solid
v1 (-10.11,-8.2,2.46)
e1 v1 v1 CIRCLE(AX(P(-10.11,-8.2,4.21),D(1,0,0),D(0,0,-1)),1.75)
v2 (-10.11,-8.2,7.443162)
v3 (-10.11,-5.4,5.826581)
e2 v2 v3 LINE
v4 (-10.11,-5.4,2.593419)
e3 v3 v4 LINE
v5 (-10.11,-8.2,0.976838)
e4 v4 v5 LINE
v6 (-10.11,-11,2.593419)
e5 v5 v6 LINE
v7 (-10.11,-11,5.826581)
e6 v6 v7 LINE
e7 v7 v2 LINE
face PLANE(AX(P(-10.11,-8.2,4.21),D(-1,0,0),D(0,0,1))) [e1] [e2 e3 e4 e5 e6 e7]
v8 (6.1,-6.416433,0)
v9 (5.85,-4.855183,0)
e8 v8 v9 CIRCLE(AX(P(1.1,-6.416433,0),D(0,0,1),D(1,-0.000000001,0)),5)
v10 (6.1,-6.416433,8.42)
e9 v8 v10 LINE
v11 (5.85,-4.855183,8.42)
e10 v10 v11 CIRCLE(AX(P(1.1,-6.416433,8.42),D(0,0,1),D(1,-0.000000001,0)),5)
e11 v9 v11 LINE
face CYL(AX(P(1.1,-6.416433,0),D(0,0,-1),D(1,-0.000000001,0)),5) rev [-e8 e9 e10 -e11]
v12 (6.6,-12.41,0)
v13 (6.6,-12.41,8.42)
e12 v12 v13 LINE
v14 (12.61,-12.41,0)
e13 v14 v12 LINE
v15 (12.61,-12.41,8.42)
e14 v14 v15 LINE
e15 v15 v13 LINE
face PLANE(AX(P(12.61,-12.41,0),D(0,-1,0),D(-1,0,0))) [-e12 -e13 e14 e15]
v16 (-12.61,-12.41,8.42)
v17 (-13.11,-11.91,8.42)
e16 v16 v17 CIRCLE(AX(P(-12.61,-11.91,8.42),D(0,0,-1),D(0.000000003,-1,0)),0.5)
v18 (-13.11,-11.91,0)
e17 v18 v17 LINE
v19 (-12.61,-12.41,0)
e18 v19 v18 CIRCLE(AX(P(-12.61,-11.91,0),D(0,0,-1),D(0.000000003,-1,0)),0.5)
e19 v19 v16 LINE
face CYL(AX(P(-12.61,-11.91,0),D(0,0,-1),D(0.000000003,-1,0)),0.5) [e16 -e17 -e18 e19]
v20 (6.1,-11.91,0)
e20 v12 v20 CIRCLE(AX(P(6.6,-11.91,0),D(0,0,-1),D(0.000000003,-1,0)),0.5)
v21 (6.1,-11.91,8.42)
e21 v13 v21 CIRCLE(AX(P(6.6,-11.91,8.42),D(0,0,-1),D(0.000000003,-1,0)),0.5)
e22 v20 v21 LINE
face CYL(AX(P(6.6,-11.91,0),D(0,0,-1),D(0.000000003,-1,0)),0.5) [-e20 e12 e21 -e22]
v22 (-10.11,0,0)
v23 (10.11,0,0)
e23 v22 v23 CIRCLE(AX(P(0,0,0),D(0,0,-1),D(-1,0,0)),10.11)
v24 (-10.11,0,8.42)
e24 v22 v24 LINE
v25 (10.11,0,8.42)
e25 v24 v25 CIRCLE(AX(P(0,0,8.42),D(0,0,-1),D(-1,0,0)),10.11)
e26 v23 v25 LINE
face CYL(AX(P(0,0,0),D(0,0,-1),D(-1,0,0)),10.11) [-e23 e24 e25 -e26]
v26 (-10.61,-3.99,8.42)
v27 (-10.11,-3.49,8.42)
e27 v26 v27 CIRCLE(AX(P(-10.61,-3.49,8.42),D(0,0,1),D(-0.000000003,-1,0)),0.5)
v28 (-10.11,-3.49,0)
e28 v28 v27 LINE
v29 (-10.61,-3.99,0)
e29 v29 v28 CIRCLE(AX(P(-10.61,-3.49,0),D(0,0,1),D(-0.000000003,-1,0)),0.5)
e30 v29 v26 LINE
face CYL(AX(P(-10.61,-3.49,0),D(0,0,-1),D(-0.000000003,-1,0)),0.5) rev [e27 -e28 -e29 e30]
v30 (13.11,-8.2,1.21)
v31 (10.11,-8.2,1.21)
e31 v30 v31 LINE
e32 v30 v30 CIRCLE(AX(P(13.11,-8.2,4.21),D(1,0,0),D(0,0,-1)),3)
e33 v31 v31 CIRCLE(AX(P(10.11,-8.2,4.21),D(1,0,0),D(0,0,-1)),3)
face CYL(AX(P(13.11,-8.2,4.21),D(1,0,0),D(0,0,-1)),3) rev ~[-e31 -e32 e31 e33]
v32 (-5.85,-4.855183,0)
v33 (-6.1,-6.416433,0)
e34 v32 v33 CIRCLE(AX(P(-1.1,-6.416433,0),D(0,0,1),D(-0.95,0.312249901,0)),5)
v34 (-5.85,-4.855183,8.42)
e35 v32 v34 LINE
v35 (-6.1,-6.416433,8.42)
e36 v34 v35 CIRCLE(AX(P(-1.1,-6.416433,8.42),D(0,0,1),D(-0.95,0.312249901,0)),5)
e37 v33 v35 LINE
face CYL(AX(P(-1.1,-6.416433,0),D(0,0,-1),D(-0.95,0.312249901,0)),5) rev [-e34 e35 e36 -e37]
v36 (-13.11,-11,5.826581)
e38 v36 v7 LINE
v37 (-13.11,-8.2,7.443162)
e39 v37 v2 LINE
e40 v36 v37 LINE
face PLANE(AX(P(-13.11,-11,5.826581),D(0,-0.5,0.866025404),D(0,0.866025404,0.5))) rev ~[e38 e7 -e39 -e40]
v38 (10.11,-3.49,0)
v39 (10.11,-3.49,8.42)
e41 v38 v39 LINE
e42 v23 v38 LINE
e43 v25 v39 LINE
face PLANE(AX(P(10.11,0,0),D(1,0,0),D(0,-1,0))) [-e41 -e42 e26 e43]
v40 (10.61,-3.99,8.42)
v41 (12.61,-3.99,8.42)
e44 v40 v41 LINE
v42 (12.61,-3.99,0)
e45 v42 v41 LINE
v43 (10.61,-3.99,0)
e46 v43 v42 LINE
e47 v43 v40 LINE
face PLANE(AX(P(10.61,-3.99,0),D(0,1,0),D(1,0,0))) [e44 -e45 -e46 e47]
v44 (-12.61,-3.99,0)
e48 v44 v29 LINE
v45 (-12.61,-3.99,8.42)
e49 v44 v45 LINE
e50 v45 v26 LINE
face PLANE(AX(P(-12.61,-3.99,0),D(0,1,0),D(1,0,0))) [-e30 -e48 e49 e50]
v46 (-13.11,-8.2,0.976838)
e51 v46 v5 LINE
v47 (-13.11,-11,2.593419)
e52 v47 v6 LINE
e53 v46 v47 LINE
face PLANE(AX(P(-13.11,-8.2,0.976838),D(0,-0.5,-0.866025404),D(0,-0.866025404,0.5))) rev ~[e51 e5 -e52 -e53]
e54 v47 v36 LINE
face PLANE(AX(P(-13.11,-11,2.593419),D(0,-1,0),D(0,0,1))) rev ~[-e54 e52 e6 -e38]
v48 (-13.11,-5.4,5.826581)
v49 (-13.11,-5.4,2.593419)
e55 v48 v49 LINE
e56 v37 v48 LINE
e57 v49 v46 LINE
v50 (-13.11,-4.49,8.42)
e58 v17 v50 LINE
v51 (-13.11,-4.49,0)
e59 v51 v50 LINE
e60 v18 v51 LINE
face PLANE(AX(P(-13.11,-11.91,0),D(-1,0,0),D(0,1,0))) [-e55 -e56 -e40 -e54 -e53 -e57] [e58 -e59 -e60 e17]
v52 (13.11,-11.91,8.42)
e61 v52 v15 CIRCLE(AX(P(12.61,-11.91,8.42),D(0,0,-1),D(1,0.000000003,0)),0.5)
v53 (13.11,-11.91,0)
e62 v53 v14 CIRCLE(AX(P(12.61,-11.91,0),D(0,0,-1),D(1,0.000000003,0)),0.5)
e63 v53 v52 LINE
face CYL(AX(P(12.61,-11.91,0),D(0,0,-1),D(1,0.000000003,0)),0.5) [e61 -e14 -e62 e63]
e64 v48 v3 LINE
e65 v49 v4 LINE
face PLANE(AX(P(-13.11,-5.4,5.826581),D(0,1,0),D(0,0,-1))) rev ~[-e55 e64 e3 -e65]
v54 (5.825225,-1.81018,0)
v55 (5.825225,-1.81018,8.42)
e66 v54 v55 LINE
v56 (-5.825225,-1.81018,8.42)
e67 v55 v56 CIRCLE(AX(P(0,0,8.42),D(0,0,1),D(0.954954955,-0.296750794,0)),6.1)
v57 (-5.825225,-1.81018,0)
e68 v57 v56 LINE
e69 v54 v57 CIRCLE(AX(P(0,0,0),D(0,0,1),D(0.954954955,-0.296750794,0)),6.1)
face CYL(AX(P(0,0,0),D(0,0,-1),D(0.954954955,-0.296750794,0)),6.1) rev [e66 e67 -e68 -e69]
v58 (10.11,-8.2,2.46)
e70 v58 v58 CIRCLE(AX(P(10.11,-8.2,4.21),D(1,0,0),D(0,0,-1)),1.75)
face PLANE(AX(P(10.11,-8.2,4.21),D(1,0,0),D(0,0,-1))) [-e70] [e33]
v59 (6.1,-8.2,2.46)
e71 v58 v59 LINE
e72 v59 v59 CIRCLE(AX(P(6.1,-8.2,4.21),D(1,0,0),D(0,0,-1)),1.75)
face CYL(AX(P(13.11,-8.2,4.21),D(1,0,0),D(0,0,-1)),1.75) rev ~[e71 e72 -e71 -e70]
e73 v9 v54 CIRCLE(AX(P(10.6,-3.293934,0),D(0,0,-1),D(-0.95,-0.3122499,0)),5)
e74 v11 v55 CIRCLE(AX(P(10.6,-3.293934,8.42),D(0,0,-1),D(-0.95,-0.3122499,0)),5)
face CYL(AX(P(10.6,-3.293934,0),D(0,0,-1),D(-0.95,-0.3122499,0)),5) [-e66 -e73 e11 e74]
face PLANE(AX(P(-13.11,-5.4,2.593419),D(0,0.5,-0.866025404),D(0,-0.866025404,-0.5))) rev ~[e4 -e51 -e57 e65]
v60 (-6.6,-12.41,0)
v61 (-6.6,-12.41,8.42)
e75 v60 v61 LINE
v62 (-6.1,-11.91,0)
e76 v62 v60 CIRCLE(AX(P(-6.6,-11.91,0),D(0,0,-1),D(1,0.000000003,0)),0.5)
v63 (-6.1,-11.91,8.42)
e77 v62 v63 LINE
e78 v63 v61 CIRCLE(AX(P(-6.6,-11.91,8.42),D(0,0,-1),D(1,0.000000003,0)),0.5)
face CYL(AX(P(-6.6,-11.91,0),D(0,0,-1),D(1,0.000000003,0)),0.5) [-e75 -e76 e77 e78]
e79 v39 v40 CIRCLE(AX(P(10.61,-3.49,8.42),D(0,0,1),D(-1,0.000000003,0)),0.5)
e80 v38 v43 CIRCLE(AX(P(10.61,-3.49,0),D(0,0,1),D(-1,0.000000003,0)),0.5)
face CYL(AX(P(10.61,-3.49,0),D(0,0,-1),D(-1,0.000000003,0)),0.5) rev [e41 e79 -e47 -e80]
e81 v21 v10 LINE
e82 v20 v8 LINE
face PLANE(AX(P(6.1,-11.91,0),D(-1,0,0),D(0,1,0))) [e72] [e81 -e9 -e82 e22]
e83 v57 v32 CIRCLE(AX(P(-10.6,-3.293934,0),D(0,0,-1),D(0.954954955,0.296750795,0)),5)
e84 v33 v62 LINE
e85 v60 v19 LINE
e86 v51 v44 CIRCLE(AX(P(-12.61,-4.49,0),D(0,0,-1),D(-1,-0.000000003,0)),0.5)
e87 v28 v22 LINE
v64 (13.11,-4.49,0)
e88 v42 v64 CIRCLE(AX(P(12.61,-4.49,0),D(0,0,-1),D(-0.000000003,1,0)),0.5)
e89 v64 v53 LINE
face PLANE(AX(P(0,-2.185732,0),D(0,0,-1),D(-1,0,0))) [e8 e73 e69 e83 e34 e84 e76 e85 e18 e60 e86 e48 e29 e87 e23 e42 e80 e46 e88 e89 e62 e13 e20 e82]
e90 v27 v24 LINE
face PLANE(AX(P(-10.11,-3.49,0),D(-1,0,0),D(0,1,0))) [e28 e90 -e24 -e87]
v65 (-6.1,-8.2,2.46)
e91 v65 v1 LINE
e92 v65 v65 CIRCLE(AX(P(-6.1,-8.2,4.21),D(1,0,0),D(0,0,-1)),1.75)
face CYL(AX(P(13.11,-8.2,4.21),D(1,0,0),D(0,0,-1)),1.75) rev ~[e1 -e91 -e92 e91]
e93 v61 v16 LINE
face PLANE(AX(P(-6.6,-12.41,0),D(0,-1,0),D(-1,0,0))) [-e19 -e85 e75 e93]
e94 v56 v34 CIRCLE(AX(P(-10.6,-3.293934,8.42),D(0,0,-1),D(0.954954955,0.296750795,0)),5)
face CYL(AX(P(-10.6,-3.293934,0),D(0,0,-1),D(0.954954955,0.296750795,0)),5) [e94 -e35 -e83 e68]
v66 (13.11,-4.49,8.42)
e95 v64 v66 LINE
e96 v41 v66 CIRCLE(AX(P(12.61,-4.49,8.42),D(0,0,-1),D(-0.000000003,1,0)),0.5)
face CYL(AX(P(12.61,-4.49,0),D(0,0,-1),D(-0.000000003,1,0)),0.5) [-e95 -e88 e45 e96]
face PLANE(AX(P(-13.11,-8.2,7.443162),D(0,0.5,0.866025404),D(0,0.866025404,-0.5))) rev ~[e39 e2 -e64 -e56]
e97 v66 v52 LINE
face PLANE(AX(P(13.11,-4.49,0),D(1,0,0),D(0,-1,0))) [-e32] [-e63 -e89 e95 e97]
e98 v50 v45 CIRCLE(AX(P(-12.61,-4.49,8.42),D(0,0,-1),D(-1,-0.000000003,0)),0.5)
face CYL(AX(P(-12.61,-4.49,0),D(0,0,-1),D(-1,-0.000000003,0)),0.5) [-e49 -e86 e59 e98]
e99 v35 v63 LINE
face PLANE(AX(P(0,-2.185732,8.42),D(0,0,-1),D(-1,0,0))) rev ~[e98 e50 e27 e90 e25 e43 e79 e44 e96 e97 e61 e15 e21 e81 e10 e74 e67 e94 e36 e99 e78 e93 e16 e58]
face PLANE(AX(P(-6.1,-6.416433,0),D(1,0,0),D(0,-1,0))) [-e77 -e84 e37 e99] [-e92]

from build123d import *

# Parameters (mm, degrees)
BOSS_EXTRUDE1_DEPTH = 8.42
CUT_EXTRUDE1_REACH  = 32.206
SKETCH2_R           = 1.75
SKETCH3_R           = 3
CUT_EXTRUDE2_DEPTH  = 3
CUT_EXTRUDE3_DEPTH  = 3


with BuildPart() as part:
    # Sketch1 → Boss-Extrude1 (new body)
    with BuildSketch(Plane.XY):
        with BuildLine():
            Line((-6.1, -6.416432818), (-6.1, -11.91))
            ThreePointArc((-6.1, -11.91), (-6.246446609, -12.263553391), (-6.6, -12.41))
            Line((-6.6, -12.41), (-12.61, -12.41))
            ThreePointArc((-12.61, -12.41), (-12.963553391, -12.263553391), (-13.11, -11.91))
            Line((-13.11, -11.91), (-13.11, -4.49))
            ThreePointArc((-13.11, -4.49), (-12.963553391, -4.136446609), (-12.61, -3.99))
            Line((-12.61, -3.99), (-10.61, -3.99))
            ThreePointArc((-10.61, -3.99), (-10.256446609, -3.843553391), (-10.11, -3.49))
            Line((-10.11, -3.49), (-10.11, 0))
            ThreePointArc((-10.11, 0), (0, 10.11), (10.11, 0))
            Line((10.11, 0), (10.11, -3.49))
            ThreePointArc((10.11, -3.49), (10.256446609, -3.843553391), (10.61, -3.99))
            Line((10.61, -3.99), (12.61, -3.99))
            ThreePointArc((12.61, -3.99), (12.963553391, -4.136446609), (13.11, -4.49))
            Line((13.11, -4.49), (13.11, -11.91))
            ThreePointArc((13.11, -11.91), (12.963553391, -12.263553391), (12.61, -12.41))
            Line((12.61, -12.41), (6.6, -12.41))
            ThreePointArc((6.6, -12.41), (6.246446609, -12.263553391), (6.1, -11.91))
            Line((6.1, -11.91), (6.1, -6.416432818))
            ThreePointArc((6.1, -6.416432818), (6.037104415, -5.625863403), (5.85, -4.855183318))
            ThreePointArc((5.85, -4.855183318), (5.600165486, -3.334613501), (5.825225225, -1.810179846))
            ThreePointArc((5.825225225, -1.810179846), (0, 6.1), (-5.825225225, -1.810179846))
            ThreePointArc((-5.825225225, -1.810179846), (-5.600165486, -3.334613501), (-5.85, -4.855183318))
            ThreePointArc((-5.85, -4.855183318), (-6.037104415, -5.625863403), (-6.1, -6.416432818))
        make_face()
    extrude(amount=BOSS_EXTRUDE1_DEPTH)

    # Cut-Extrude1: up to this face of the body (flat: up to its plane)
    cut_extrude1_end = Plane(part.part.faces().sort_by_distance((-13.11, -8.2, 4.21))[0])
    # Sketch2 → Cut-Extrude1 (cut, up to the picked face)
    with BuildSketch(Plane(origin=(13.11, 0, 0), x_dir=(0, 0, -1), z_dir=(1, 0, 0)), mode=Mode.PRIVATE) as cut_extrude1_sk1:
        with Locations((-4.21, -8.2)):
            Circle(SKETCH2_R)
    cut_extrude1_tool1 = split(extrude(cut_extrude1_sk1.sketch, amount=-CUT_EXTRUDE1_REACH, mode=Mode.PRIVATE), bisect_by=cut_extrude1_end, keep=Keep.BOTH, mode=Mode.PRIVATE)
    add(cut_extrude1_tool1.solids().sort_by(Axis((13.11, -8.2, 4.21), (-1, 0, 0)))[0], mode=Mode.SUBTRACT)

    # Sketch3 → Cut-Extrude2 (cut)
    with BuildSketch(Plane(origin=(13.11, 0, 0), x_dir=(0, 0, -1), z_dir=(1, 0, 0))):
        with Locations((-4.21, -8.2)):
            Circle(SKETCH3_R)
    extrude(amount=-CUT_EXTRUDE2_DEPTH, mode=Mode.SUBTRACT)

    # Sketch4 → Cut-Extrude3 (cut)
    with BuildSketch(Plane.ZY.offset(13.11)):
        Polygon((7.443161507, -8.2), (5.826580754, -5.4), (2.593419246, -5.4), (0.976838493, -8.2), (2.593419246, -11), (5.826580754, -11), align=None)
    extrude(amount=-CUT_EXTRUDE3_DEPTH, mode=Mode.SUBTRACT)


solid = part.part
